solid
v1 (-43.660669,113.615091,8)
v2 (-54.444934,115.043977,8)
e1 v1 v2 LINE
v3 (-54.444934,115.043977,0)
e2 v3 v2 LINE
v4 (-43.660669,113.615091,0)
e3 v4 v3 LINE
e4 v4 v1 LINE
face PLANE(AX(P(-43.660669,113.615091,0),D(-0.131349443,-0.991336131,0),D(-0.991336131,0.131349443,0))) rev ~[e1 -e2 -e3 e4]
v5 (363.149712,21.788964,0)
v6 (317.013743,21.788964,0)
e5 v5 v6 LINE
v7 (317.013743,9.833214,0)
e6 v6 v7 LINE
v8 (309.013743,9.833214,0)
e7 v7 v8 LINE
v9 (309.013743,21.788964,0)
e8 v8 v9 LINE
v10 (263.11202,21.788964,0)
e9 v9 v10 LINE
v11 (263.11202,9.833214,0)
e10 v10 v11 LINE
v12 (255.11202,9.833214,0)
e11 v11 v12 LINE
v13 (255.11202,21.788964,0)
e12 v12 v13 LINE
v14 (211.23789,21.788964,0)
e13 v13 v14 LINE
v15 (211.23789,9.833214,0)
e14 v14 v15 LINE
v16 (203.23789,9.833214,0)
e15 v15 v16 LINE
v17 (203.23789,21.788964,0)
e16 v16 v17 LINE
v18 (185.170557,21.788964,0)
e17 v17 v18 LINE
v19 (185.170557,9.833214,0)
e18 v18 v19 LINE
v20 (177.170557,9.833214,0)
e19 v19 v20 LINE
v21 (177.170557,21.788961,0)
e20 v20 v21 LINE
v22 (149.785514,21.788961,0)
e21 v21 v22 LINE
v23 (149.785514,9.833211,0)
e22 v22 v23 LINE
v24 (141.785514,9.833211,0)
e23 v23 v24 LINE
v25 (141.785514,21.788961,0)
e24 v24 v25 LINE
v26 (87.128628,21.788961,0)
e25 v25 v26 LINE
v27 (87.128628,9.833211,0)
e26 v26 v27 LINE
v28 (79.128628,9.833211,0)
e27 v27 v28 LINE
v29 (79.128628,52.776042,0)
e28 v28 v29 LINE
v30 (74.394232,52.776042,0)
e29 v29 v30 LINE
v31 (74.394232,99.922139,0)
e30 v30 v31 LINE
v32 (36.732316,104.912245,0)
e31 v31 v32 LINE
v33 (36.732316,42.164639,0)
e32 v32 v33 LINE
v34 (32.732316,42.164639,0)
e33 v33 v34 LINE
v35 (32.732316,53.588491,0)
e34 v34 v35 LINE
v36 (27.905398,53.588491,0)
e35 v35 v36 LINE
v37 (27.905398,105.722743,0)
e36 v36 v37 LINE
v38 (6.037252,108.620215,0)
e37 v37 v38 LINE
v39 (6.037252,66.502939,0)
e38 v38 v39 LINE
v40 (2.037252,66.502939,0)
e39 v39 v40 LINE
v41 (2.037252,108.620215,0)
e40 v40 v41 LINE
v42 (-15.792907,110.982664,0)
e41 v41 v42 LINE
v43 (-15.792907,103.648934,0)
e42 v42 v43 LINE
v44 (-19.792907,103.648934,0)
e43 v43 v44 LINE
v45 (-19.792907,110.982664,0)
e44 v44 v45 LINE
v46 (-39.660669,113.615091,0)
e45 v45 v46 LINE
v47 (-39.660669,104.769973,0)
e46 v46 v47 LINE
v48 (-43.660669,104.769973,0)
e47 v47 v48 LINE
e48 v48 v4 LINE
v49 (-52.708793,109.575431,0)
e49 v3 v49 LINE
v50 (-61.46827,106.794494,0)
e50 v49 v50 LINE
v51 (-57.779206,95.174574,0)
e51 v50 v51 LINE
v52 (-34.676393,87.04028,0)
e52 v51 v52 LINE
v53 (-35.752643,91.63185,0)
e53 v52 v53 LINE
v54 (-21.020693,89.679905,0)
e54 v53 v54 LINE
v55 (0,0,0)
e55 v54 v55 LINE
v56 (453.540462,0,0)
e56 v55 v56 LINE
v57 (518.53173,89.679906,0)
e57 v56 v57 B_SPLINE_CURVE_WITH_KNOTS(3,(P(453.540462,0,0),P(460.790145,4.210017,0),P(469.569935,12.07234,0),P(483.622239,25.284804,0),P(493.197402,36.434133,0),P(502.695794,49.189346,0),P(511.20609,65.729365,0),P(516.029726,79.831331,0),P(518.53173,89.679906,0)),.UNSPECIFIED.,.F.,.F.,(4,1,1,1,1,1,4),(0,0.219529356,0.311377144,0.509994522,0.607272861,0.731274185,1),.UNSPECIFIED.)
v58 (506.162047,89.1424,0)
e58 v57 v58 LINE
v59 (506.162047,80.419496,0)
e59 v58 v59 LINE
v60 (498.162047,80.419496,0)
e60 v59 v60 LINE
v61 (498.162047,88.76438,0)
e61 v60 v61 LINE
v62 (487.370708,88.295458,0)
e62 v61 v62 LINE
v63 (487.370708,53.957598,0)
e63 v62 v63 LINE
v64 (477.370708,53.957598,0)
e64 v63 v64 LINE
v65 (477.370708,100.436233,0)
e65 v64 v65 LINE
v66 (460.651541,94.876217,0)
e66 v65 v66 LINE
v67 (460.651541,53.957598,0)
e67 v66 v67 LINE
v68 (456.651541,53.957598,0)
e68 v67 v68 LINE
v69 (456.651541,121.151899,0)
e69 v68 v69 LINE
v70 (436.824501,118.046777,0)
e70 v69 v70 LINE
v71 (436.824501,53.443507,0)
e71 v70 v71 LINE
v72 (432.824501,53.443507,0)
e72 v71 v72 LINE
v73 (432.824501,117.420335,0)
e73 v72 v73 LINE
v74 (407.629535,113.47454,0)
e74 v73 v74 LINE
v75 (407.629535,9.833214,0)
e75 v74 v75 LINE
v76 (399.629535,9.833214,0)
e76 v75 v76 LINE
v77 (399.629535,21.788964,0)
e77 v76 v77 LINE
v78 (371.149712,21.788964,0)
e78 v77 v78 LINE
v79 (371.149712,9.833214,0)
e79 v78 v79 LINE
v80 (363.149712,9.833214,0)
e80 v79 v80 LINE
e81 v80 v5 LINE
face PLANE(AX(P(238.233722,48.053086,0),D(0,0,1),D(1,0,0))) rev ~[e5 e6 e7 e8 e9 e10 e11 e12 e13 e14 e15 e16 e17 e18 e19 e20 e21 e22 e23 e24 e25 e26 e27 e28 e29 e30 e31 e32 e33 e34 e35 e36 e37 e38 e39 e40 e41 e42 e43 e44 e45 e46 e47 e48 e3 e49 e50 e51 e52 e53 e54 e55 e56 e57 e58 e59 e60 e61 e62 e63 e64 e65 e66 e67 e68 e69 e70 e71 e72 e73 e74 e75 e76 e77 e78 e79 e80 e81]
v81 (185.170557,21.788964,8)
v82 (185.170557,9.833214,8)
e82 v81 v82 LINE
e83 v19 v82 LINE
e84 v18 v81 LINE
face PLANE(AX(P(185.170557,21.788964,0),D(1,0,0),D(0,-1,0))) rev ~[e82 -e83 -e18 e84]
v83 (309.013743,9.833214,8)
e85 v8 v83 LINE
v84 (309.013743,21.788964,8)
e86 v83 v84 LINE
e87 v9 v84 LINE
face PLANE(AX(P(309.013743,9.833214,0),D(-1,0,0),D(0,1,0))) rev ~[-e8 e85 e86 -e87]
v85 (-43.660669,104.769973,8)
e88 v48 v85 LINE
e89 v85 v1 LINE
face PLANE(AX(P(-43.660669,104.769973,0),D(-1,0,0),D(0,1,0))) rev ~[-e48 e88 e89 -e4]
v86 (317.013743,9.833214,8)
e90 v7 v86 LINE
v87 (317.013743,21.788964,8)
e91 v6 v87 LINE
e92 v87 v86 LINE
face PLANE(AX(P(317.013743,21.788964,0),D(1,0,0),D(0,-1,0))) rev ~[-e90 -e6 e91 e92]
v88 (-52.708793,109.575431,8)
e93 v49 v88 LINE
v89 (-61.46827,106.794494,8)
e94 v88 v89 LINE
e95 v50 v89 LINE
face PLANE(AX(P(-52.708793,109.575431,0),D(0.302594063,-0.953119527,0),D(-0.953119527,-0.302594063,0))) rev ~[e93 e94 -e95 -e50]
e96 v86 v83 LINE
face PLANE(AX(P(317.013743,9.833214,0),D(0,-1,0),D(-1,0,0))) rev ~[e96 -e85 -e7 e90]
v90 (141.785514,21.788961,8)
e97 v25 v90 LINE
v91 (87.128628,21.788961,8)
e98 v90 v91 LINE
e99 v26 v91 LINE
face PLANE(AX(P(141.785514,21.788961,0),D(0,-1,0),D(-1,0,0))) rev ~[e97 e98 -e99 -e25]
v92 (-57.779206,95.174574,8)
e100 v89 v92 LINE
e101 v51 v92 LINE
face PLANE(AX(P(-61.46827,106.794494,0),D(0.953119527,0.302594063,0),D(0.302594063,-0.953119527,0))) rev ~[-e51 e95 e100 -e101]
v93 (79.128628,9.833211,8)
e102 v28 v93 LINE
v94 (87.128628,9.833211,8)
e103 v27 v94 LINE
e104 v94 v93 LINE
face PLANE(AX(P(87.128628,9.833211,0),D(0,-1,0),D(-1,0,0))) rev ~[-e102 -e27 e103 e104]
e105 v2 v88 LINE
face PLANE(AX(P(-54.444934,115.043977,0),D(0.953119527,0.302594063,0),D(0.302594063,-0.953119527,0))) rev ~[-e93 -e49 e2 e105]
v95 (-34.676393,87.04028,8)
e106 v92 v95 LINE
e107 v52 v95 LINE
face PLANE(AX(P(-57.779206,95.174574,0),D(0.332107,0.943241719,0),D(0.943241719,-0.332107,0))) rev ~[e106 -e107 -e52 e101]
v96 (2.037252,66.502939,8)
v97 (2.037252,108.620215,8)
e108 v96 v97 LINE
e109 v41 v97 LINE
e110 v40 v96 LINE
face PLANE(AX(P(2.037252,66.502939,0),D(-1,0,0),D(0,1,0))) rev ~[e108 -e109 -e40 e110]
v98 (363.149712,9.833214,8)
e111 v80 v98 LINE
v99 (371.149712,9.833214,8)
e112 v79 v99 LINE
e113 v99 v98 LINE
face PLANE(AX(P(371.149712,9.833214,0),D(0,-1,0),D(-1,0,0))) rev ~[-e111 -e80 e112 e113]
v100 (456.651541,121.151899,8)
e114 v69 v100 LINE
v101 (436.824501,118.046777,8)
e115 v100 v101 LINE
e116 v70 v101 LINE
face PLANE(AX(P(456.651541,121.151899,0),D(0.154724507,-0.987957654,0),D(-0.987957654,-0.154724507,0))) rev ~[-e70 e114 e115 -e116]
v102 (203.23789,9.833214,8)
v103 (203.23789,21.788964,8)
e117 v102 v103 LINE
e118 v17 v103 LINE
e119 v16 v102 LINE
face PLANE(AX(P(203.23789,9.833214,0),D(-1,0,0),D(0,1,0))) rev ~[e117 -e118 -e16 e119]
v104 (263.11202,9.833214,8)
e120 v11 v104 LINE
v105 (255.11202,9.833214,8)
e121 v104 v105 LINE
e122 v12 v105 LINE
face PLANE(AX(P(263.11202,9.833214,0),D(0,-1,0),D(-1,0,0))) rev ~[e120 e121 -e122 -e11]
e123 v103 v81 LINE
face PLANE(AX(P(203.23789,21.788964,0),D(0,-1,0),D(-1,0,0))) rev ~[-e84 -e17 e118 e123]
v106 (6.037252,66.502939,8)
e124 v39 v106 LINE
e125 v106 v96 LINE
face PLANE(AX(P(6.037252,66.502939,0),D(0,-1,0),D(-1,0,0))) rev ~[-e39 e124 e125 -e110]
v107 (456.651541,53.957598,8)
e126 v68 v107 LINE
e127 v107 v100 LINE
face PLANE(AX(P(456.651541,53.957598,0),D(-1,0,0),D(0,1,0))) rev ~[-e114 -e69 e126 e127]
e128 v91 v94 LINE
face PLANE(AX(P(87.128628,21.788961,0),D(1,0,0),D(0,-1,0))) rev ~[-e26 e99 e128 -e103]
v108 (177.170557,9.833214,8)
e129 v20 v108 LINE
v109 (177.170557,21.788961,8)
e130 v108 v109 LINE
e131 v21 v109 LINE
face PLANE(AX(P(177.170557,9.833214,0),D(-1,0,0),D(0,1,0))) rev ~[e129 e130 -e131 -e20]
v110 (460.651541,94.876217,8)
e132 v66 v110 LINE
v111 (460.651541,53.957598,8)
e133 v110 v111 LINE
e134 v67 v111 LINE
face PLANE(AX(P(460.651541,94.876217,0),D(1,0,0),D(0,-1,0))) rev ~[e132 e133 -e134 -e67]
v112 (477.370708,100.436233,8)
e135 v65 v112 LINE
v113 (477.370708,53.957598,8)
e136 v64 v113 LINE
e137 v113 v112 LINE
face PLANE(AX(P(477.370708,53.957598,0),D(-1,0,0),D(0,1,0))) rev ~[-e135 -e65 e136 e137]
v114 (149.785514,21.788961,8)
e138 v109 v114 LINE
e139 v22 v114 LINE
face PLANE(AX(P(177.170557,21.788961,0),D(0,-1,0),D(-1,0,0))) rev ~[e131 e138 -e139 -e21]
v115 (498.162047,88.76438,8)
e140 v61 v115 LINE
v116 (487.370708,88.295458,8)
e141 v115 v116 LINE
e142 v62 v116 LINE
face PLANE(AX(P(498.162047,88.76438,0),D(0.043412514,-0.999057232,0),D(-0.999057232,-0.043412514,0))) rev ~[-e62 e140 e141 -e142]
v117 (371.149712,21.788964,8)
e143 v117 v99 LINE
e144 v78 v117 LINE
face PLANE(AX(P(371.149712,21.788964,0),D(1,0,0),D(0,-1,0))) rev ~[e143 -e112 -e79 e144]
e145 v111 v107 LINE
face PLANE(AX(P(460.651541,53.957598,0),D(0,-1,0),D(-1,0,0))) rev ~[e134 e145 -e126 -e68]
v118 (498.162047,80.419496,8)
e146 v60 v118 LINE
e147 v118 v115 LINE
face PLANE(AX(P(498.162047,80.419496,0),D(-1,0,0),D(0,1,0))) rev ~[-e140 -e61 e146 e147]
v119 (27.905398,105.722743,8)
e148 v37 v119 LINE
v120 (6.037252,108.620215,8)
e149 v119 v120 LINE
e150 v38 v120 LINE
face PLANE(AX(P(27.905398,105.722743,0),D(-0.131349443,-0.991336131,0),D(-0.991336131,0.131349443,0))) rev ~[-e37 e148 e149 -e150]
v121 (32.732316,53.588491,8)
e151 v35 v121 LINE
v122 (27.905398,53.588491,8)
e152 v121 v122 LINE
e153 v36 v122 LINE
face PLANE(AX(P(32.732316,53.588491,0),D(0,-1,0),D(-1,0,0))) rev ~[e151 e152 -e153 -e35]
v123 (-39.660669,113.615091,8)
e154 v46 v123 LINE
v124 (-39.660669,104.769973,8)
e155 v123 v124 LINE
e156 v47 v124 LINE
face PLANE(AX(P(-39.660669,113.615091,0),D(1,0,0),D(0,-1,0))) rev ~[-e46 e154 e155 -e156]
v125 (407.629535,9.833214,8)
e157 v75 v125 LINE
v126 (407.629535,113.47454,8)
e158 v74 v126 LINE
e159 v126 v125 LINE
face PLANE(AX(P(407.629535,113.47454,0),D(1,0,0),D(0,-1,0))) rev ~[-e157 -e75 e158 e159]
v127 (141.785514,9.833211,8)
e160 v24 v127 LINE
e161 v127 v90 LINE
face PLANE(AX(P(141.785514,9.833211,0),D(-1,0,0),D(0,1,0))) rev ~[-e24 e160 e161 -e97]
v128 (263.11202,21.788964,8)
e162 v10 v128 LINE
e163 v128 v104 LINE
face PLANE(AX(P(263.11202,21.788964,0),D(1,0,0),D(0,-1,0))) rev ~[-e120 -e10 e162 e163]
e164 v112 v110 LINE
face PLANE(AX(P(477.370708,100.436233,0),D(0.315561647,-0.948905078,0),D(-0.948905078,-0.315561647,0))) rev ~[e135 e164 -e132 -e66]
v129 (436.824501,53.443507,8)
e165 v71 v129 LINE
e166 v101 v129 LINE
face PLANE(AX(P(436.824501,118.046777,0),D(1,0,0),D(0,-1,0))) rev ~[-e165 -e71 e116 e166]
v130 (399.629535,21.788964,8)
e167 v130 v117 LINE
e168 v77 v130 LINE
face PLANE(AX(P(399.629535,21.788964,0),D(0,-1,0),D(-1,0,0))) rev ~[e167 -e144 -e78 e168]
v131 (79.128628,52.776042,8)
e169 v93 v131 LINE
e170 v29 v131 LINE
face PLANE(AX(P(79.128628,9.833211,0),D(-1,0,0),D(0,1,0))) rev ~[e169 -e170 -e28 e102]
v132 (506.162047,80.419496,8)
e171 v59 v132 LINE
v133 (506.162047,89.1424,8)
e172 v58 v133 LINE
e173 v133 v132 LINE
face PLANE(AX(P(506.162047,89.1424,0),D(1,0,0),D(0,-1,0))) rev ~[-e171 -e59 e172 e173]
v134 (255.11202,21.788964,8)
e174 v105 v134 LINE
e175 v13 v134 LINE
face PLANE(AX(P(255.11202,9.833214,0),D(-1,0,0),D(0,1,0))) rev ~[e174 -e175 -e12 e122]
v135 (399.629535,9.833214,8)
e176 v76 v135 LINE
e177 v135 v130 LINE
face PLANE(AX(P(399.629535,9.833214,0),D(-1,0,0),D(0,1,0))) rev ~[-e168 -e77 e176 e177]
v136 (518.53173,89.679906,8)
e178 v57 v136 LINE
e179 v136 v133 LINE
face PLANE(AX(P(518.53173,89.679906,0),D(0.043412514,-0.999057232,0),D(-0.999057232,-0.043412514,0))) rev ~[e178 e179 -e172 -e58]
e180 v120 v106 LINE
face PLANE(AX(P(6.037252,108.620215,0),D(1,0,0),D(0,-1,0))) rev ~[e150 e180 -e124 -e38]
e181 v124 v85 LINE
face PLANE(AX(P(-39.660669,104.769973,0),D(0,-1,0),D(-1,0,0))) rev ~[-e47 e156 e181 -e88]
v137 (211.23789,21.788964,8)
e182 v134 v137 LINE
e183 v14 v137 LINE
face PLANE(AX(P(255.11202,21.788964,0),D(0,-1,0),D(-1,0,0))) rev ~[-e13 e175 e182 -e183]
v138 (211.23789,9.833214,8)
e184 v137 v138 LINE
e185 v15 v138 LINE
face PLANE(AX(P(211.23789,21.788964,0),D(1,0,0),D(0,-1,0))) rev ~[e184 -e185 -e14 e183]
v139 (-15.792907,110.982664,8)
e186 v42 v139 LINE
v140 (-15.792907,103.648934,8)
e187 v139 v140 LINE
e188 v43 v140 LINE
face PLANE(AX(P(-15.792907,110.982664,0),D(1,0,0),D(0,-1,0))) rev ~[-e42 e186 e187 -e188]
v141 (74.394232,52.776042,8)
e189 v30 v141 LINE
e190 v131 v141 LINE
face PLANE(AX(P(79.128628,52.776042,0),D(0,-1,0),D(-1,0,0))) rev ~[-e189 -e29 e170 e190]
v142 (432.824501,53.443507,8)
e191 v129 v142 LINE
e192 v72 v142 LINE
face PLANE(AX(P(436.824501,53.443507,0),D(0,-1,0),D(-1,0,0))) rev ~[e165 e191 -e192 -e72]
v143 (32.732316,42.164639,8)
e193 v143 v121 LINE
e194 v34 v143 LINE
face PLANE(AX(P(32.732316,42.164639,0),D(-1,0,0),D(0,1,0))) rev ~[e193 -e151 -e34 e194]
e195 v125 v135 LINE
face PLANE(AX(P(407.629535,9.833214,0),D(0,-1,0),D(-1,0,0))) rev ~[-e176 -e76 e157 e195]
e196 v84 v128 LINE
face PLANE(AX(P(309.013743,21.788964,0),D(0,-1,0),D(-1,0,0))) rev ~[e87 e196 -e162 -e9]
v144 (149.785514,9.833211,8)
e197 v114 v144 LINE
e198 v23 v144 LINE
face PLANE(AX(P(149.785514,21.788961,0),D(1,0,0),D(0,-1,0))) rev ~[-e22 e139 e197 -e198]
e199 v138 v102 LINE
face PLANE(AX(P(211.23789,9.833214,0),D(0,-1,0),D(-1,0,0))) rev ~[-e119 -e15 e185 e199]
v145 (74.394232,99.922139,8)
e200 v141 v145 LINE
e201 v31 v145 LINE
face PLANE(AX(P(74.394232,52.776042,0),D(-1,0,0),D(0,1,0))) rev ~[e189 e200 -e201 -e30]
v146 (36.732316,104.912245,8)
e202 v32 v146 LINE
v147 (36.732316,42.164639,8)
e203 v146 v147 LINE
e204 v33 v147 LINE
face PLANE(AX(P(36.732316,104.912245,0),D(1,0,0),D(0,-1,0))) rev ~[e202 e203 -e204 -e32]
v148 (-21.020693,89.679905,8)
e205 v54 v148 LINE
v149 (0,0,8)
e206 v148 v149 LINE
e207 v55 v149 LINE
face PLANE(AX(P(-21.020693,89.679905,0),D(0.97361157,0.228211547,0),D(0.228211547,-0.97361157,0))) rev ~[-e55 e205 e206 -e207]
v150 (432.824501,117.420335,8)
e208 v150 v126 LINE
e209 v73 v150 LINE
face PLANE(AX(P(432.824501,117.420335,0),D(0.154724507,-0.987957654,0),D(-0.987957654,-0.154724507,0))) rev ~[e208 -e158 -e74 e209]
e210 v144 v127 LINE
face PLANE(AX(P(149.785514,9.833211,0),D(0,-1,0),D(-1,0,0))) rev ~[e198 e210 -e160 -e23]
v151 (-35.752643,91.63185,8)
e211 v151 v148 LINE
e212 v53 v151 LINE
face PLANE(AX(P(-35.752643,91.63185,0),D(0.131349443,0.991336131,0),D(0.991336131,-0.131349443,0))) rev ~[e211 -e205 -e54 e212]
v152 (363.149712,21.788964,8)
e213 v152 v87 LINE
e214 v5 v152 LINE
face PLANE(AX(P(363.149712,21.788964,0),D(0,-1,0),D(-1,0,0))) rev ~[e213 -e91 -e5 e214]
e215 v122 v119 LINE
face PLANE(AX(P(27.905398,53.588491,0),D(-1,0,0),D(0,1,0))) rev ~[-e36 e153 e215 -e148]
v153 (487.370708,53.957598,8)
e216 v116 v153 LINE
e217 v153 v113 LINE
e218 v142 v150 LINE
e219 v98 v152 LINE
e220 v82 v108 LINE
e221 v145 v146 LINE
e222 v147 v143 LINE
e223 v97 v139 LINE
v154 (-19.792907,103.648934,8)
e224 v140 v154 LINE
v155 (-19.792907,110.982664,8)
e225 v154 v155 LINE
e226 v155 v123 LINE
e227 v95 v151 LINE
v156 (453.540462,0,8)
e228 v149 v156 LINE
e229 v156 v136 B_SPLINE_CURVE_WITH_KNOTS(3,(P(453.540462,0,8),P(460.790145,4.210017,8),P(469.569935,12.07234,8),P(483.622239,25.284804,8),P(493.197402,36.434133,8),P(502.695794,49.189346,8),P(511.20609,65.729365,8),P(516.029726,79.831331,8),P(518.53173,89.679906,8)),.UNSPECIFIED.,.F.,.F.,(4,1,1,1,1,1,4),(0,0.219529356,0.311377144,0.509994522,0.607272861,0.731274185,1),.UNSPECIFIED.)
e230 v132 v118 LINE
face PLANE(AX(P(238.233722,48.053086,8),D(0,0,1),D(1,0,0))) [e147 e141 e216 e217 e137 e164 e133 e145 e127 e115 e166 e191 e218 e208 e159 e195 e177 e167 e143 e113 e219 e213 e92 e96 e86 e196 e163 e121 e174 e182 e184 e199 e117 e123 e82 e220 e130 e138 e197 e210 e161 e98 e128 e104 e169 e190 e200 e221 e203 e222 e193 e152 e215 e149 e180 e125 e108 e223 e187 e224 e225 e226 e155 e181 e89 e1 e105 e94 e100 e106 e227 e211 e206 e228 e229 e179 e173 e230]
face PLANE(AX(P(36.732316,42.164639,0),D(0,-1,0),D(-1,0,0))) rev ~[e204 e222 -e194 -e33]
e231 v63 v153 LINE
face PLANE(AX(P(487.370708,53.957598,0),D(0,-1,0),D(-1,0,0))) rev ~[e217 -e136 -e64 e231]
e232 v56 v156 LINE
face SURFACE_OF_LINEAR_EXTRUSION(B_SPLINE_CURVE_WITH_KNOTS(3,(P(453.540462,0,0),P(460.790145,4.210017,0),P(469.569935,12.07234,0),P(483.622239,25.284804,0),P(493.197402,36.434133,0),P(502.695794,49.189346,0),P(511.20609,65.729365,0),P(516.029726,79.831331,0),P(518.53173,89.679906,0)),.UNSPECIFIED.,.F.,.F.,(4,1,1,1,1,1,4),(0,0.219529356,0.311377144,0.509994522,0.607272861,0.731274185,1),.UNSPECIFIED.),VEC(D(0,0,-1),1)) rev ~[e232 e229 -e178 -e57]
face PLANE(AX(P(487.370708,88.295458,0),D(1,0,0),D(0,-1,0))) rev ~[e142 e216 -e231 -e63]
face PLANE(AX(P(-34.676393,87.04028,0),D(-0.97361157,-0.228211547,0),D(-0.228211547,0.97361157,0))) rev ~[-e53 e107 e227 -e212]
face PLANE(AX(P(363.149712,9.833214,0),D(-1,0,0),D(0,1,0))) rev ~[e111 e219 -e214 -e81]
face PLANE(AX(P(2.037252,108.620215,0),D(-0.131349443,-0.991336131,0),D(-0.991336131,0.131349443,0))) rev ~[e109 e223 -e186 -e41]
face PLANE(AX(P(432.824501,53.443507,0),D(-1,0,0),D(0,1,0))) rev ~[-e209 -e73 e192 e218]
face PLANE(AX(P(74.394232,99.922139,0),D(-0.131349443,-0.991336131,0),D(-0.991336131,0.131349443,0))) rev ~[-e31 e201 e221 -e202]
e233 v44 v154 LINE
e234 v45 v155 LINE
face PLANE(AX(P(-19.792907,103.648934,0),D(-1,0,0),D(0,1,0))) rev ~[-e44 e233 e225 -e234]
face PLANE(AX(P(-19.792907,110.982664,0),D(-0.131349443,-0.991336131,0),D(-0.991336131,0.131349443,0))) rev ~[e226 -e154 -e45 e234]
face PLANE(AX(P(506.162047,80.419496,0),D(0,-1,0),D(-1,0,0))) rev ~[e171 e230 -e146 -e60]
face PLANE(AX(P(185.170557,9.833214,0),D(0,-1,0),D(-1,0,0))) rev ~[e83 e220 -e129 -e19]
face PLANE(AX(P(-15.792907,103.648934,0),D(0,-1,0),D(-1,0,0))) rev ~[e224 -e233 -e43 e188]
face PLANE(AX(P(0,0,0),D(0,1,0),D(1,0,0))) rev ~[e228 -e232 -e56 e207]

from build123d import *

# Parameters (mm, degrees)
EXTRUDE_1_DEPTH = 8


with BuildPart() as part:
    # 草图1 → 凸台-拉伸1 (new body)
    with BuildSketch(Plane.XY):
        with BuildLine():
            Line((-2.43e-07, -1.66e-07), (453.540462303, -1.66e-07))
            add(Edge.make_bspline(
                [(453.540462303, -1.66e-07), (460.79014459, 4.210016878), (469.569935404, 12.072340183), (483.622239053, 25.284804164), (493.197401943, 36.434132834), (502.695793901, 49.189345623), (511.206090033, 65.729365299), (516.029726356, 79.831331018), (518.53173017, 89.679905798)],
                knots=[0, 0, 0, 0, 0.219529356, 0.311377144, 0.509994522, 0.607272861, 0.731274185, 1, 1, 1, 1], degree=3))
            Line((518.53173017, 89.679905798), (506.162046562, 89.142399996))
            Line((506.162046562, 89.142399996), (506.162046562, 80.419495843))
            Line((506.162046562, 80.419495843), (498.162046562, 80.419495843))
            Line((498.162046562, 80.419495843), (498.162046562, 88.764379516))
            Line((498.162046562, 88.764379516), (487.370707866, 88.295458294))
            Line((487.370707866, 88.295458294), (487.370707866, 53.957597962))
            Line((487.370707866, 53.957597962), (477.370707866, 53.957597962))
            Line((477.370707866, 53.957597962), (477.370707866, 100.436233428))
            Line((477.370707866, 100.436233428), (460.65154086, 94.876216939))
            Line((460.65154086, 94.876216939), (460.65154086, 53.957597679))
            Line((460.65154086, 53.957597679), (456.65154086, 53.957597679))
            Line((456.65154086, 53.957597679), (456.65154086, 121.15189914))
            Line((456.65154086, 121.15189914), (436.824501135, 118.046777247))
            Line((436.824501135, 118.046777247), (436.824501135, 53.44350708))
            Line((436.824501135, 53.44350708), (432.824501135, 53.44350708))
            Line((432.824501135, 53.44350708), (432.824501135, 117.420335391))
            Line((432.824501135, 117.420335391), (407.629534965, 113.474540047))
            Line((407.629534965, 113.474540047), (407.629534965, 9.833214458))
            Line((407.629534965, 9.833214458), (399.629534965, 9.833214458))
            Line((399.629534965, 9.833214458), (399.629534965, 21.78896428))
            Line((399.629534965, 21.78896428), (371.149712291, 21.78896428))
            Line((371.149712291, 21.78896428), (371.149712291, 9.833214458))
            Line((371.149712291, 9.833214458), (363.149712291, 9.833214458))
            Line((363.149712291, 9.833214458), (363.149712291, 21.78896428))
            Line((363.149712291, 21.78896428), (317.013742993, 21.78896428))
            Line((317.013742993, 21.78896428), (317.013742993, 9.833214458))
            Line((317.013742993, 9.833214458), (309.013742993, 9.833214458))
            Line((309.013742993, 9.833214458), (309.013742993, 21.78896428))
            Line((309.013742993, 21.78896428), (263.112020096, 21.78896428))
            Line((263.112020096, 21.78896428), (263.112020096, 9.833214458))
            Line((263.112020096, 9.833214458), (255.112020096, 9.833214458))
            Line((255.112020096, 9.833214458), (255.112020096, 21.78896428))
            Line((255.112020096, 21.78896428), (211.237889646, 21.78896428))
            Line((211.237889646, 21.78896428), (211.237889646, 9.833214458))
            Line((211.237889646, 9.833214458), (203.237889646, 9.833214458))
            Line((203.237889646, 9.833214458), (203.237889646, 21.78896428))
            Line((203.237889646, 21.78896428), (185.170557109, 21.78896428))
            Line((185.170557109, 21.78896428), (185.170557109, 9.833214458))
            Line((185.170557109, 9.833214458), (177.170557109, 9.833214458))
            Line((177.170557109, 9.833214458), (177.170557109, 21.788961022))
            Line((177.170557109, 21.788961022), (149.785514419, 21.788961022))
            Line((149.785514419, 21.788961022), (149.785514419, 9.8332112))
            Line((149.785514419, 9.8332112), (141.785514419, 9.8332112))
            Line((141.785514419, 9.8332112), (141.785514419, 21.788961022))
            Line((141.785514419, 21.788961022), (87.128628071, 21.788961022))
            Line((87.128628071, 21.788961022), (87.128628071, 9.8332112))
            Line((87.128628071, 9.8332112), (79.128628071, 9.8332112))
            Line((79.128628071, 9.8332112), (79.128628071, 52.776041795))
            Line((79.128628071, 52.776041795), (74.39423211, 52.776041795))
            Line((74.39423211, 52.776041795), (74.39423211, 99.922139289))
            Line((74.39423211, 99.922139289), (36.732316161, 104.912244585))
            Line((36.732316161, 104.912244585), (36.732316161, 42.164639479))
            Line((36.732316161, 42.164639479), (32.732316161, 42.164639479))
            Line((32.732316161, 42.164639479), (32.732316161, 53.588490785))
            Line((32.732316161, 53.588490785), (27.905397524, 53.588490785))
            Line((27.905397524, 53.588490785), (27.905397524, 105.722742646))
            Line((27.905397524, 105.722742646), (6.037252299, 108.620214656))
            Line((6.037252299, 108.620214656), (6.037252299, 66.502939453))
            Line((6.037252299, 66.502939453), (2.037252299, 66.502939453))
            Line((2.037252299, 66.502939453), (2.037252299, 108.620214656))
            Line((2.037252299, 108.620214656), (-15.79290681, 110.982664073))
            Line((-15.79290681, 110.982664073), (-15.79290681, 103.648933932))
            Line((-15.79290681, 103.648933932), (-19.79290681, 103.648933932))
            Line((-19.79290681, 103.648933932), (-19.79290681, 110.982664073))
            Line((-19.79290681, 110.982664073), (-39.660668521, 113.615090503))
            Line((-39.660668521, 113.615090503), (-39.660668521, 104.769973164))
            Line((-39.660668521, 104.769973164), (-43.660668521, 104.769973164))
            Line((-43.660668521, 104.769973164), (-43.660668521, 113.615090503))
            Line((-43.660668521, 113.615090503), (-54.444933748, 115.043977421))
            Line((-54.444933748, 115.043977421), (-52.708792967, 109.575431))
            Line((-52.708792967, 109.575431), (-61.468269832, 106.794493648))
            Line((-61.468269832, 106.794493648), (-57.779206202, 95.174574379))
            Line((-57.779206202, 95.174574379), (-34.676393157, 87.040279865))
            Line((-34.676393157, 87.040279865), (-35.752643056, 91.631850135))
            Line((-35.752643056, 91.631850135), (-21.020693304, 89.679905349))
            Line((-21.020693304, 89.679905349), (-2.43e-07, -1.66e-07))
        make_face()
    extrude(amount=EXTRUDE_1_DEPTH)


solid = part.part
